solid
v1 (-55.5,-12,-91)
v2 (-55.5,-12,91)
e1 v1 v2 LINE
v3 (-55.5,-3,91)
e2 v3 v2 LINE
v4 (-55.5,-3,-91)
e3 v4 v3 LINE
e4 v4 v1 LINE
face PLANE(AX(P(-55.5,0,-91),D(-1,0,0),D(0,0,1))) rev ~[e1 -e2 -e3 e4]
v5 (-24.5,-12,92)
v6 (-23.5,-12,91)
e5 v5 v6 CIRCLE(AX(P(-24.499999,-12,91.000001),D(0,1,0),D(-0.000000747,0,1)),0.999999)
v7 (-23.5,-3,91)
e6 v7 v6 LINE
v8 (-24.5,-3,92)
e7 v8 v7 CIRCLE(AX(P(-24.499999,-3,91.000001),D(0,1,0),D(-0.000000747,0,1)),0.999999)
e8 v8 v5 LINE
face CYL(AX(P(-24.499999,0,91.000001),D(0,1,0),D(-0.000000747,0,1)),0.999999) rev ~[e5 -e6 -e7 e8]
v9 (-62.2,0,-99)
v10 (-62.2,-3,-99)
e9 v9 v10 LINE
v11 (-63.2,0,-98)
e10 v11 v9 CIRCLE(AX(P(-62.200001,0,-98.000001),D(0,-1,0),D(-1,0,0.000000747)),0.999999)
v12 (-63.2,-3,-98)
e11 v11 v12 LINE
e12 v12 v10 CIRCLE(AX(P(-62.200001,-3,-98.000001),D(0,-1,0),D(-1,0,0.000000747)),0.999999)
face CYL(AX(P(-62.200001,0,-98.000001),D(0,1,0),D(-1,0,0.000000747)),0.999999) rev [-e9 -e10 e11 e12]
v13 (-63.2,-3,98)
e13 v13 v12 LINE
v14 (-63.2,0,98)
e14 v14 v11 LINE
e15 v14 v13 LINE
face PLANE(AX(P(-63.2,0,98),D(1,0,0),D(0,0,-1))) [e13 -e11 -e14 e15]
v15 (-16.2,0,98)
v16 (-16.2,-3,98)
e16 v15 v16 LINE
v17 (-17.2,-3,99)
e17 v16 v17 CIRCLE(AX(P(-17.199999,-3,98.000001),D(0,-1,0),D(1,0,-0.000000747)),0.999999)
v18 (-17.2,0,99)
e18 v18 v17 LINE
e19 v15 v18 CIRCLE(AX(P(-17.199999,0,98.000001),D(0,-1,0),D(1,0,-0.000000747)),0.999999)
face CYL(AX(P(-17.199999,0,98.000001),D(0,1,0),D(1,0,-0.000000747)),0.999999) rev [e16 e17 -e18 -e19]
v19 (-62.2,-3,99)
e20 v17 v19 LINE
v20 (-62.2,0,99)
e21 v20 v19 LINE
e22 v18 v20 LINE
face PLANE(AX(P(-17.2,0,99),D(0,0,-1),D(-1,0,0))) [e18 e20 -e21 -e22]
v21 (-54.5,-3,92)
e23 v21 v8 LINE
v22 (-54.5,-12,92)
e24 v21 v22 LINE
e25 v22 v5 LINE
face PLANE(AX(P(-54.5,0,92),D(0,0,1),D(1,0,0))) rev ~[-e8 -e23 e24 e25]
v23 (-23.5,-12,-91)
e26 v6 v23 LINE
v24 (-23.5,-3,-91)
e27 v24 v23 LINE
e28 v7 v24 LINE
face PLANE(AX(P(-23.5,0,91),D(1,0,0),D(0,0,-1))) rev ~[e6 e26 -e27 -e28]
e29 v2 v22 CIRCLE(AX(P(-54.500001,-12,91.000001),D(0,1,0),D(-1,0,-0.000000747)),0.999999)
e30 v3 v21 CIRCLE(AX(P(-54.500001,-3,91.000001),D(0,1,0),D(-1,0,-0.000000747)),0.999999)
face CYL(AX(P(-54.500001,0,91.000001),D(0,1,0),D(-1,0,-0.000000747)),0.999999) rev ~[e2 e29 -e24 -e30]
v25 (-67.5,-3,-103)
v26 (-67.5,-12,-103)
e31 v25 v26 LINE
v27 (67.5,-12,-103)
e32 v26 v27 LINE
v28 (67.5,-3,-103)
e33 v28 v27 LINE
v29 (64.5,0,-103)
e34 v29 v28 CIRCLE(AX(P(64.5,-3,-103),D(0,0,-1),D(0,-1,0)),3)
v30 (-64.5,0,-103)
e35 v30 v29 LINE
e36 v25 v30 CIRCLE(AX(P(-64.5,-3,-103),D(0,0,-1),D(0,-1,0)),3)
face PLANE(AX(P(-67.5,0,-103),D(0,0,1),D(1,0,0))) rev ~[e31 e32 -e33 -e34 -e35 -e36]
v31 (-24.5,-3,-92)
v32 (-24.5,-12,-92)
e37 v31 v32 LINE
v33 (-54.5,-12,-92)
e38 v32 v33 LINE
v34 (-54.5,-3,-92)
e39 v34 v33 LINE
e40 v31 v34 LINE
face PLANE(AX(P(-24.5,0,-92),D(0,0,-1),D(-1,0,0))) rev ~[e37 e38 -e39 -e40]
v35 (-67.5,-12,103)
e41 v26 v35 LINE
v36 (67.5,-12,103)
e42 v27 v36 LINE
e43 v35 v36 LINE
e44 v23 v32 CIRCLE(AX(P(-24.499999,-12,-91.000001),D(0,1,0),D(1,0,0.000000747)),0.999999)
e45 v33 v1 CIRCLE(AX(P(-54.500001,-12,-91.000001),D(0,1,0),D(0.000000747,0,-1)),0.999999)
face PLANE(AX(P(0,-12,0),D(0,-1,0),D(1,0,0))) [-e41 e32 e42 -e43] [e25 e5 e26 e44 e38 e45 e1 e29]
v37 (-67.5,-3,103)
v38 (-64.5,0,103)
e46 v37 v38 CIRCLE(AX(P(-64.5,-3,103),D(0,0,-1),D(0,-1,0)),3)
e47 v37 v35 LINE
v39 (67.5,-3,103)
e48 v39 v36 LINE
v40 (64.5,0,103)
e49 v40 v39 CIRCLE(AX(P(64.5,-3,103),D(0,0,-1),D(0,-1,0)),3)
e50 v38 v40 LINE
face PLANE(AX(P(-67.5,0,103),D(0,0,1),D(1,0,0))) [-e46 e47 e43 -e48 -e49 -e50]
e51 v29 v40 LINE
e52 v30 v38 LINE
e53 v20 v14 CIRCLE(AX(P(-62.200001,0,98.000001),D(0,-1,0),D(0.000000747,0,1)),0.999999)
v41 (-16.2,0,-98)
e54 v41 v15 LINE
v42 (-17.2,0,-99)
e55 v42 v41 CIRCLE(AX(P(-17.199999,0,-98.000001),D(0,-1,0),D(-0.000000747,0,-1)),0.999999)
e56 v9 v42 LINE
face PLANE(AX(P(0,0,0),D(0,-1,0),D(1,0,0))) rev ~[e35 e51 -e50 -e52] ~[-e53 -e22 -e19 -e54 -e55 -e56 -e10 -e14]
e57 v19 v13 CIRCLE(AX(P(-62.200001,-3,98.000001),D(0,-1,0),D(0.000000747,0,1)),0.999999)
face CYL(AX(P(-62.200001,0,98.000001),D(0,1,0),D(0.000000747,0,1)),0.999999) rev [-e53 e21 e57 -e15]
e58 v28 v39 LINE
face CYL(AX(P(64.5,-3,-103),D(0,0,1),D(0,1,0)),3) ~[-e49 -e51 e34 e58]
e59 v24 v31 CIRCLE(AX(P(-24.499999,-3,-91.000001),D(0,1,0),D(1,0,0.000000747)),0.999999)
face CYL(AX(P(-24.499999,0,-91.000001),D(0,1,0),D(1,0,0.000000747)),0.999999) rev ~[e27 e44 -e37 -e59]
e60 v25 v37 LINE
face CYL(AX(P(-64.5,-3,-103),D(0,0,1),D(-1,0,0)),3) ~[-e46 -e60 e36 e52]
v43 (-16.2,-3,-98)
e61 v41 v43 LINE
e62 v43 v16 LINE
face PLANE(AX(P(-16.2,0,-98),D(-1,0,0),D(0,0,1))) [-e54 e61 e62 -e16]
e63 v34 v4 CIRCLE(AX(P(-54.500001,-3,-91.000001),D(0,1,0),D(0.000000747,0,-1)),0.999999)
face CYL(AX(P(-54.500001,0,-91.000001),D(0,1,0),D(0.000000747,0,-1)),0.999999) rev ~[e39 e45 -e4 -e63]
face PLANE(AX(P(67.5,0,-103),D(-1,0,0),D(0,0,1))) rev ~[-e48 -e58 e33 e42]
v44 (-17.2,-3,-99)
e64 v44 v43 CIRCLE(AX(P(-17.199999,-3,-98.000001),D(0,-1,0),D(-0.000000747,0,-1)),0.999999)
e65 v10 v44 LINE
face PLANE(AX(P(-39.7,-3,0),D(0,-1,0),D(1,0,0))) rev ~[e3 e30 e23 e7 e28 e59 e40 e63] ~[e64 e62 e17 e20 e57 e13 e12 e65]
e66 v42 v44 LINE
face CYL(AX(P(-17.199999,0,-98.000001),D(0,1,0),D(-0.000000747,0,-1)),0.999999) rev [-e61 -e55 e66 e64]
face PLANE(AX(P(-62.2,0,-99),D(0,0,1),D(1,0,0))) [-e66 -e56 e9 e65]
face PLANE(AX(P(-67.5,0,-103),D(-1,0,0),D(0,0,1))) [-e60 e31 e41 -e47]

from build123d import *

# Parameters (mm, degrees)
F0_W     = 135
F0_H     = 206
F1_DEPTH = 12
F2_DEPTH = 3
F3_R     = 3


with BuildPart() as f1:
    # F0 (on Front) → F1 (new body)
    with BuildSketch(Plane.XZ):
        Rectangle(F0_W, F0_H)
        with BuildLine():
            ThreePointArc((-17.2, 99), (-16.492893, 98.707107), (-16.2, 98))
            Line((-16.2, 98), (-16.2, -98))
            ThreePointArc((-16.2, -98), (-16.492893, -98.707107), (-17.2, -99))
            Line((-17.2, -99), (-62.2, -99))
            ThreePointArc((-62.2, -99), (-62.907107, -98.707107), (-63.2, -98))
            Line((-63.2, -98), (-63.2, 98))
            ThreePointArc((-63.2, 98), (-62.907107, 98.707107), (-62.2, 99))
            Line((-62.2, 99), (-17.2, 99))
        make_face(mode=Mode.SUBTRACT)
        with BuildLine():
            Line((-16.2, -98), (-16.2, 98))
            ThreePointArc((-16.2, 98), (-16.492893, 98.707107), (-17.2, 99))
            Line((-17.2, 99), (-62.2, 99))
            ThreePointArc((-62.2, 99), (-62.907107, 98.707107), (-63.2, 98))
            Line((-63.2, 98), (-63.2, -98))
            ThreePointArc((-63.2, -98), (-62.907107, -98.707107), (-62.2, -99))
            Line((-62.2, -99), (-17.2, -99))
            ThreePointArc((-17.2, -99), (-16.492893, -98.707107), (-16.2, -98))
        make_face()
        with BuildLine():
            ThreePointArc((-55.5, 91), (-55.207107, 91.707107), (-54.5, 92))
            Line((-54.5, 92), (-24.5, 92))
            ThreePointArc((-24.5, 92), (-23.792893, 91.707107), (-23.5, 91))
            Line((-23.5, 91), (-23.5, -91))
            ThreePointArc((-23.5, -91), (-23.792893, -91.707107), (-24.5, -92))
            Line((-24.5, -92), (-54.5, -92))
            ThreePointArc((-54.5, -92), (-55.207107, -91.707107), (-55.5, -91))
            Line((-55.5, -91), (-55.5, 91))
        make_face(mode=Mode.SUBTRACT)
    extrude(amount=F1_DEPTH)

    # F0 (on Front) → F2 (cut)
    with BuildSketch(Plane.XZ):
        with BuildLine():
            Line((-16.2, -98), (-16.2, 98))
            ThreePointArc((-16.2, 98), (-16.492893, 98.707107), (-17.2, 99))
            Line((-17.2, 99), (-62.2, 99))
            ThreePointArc((-62.2, 99), (-62.907107, 98.707107), (-63.2, 98))
            Line((-63.2, 98), (-63.2, -98))
            ThreePointArc((-63.2, -98), (-62.907107, -98.707107), (-62.2, -99))
            Line((-62.2, -99), (-17.2, -99))
            ThreePointArc((-17.2, -99), (-16.492893, -98.707107), (-16.2, -98))
        make_face()
        with BuildLine():
            ThreePointArc((-55.5, 91), (-55.207107, 91.707107), (-54.5, 92))
            Line((-54.5, 92), (-24.5, 92))
            ThreePointArc((-24.5, 92), (-23.792893, 91.707107), (-23.5, 91))
            Line((-23.5, 91), (-23.5, -91))
            ThreePointArc((-23.5, -91), (-23.792893, -91.707107), (-24.5, -92))
            Line((-24.5, -92), (-54.5, -92))
            ThreePointArc((-54.5, -92), (-55.207107, -91.707107), (-55.5, -91))
            Line((-55.5, -91), (-55.5, 91))
        make_face(mode=Mode.SUBTRACT)
    extrude(amount=F2_DEPTH, mode=Mode.SUBTRACT)

    # F3
    f3_edges = [f1.edges().sort_by_distance(p)[0] for p in [
        (67.5, 0, 0),
        (-67.5, 0, 0),
    ]]
    fillet(f3_edges, radius=F3_R)


solid = f1.part
